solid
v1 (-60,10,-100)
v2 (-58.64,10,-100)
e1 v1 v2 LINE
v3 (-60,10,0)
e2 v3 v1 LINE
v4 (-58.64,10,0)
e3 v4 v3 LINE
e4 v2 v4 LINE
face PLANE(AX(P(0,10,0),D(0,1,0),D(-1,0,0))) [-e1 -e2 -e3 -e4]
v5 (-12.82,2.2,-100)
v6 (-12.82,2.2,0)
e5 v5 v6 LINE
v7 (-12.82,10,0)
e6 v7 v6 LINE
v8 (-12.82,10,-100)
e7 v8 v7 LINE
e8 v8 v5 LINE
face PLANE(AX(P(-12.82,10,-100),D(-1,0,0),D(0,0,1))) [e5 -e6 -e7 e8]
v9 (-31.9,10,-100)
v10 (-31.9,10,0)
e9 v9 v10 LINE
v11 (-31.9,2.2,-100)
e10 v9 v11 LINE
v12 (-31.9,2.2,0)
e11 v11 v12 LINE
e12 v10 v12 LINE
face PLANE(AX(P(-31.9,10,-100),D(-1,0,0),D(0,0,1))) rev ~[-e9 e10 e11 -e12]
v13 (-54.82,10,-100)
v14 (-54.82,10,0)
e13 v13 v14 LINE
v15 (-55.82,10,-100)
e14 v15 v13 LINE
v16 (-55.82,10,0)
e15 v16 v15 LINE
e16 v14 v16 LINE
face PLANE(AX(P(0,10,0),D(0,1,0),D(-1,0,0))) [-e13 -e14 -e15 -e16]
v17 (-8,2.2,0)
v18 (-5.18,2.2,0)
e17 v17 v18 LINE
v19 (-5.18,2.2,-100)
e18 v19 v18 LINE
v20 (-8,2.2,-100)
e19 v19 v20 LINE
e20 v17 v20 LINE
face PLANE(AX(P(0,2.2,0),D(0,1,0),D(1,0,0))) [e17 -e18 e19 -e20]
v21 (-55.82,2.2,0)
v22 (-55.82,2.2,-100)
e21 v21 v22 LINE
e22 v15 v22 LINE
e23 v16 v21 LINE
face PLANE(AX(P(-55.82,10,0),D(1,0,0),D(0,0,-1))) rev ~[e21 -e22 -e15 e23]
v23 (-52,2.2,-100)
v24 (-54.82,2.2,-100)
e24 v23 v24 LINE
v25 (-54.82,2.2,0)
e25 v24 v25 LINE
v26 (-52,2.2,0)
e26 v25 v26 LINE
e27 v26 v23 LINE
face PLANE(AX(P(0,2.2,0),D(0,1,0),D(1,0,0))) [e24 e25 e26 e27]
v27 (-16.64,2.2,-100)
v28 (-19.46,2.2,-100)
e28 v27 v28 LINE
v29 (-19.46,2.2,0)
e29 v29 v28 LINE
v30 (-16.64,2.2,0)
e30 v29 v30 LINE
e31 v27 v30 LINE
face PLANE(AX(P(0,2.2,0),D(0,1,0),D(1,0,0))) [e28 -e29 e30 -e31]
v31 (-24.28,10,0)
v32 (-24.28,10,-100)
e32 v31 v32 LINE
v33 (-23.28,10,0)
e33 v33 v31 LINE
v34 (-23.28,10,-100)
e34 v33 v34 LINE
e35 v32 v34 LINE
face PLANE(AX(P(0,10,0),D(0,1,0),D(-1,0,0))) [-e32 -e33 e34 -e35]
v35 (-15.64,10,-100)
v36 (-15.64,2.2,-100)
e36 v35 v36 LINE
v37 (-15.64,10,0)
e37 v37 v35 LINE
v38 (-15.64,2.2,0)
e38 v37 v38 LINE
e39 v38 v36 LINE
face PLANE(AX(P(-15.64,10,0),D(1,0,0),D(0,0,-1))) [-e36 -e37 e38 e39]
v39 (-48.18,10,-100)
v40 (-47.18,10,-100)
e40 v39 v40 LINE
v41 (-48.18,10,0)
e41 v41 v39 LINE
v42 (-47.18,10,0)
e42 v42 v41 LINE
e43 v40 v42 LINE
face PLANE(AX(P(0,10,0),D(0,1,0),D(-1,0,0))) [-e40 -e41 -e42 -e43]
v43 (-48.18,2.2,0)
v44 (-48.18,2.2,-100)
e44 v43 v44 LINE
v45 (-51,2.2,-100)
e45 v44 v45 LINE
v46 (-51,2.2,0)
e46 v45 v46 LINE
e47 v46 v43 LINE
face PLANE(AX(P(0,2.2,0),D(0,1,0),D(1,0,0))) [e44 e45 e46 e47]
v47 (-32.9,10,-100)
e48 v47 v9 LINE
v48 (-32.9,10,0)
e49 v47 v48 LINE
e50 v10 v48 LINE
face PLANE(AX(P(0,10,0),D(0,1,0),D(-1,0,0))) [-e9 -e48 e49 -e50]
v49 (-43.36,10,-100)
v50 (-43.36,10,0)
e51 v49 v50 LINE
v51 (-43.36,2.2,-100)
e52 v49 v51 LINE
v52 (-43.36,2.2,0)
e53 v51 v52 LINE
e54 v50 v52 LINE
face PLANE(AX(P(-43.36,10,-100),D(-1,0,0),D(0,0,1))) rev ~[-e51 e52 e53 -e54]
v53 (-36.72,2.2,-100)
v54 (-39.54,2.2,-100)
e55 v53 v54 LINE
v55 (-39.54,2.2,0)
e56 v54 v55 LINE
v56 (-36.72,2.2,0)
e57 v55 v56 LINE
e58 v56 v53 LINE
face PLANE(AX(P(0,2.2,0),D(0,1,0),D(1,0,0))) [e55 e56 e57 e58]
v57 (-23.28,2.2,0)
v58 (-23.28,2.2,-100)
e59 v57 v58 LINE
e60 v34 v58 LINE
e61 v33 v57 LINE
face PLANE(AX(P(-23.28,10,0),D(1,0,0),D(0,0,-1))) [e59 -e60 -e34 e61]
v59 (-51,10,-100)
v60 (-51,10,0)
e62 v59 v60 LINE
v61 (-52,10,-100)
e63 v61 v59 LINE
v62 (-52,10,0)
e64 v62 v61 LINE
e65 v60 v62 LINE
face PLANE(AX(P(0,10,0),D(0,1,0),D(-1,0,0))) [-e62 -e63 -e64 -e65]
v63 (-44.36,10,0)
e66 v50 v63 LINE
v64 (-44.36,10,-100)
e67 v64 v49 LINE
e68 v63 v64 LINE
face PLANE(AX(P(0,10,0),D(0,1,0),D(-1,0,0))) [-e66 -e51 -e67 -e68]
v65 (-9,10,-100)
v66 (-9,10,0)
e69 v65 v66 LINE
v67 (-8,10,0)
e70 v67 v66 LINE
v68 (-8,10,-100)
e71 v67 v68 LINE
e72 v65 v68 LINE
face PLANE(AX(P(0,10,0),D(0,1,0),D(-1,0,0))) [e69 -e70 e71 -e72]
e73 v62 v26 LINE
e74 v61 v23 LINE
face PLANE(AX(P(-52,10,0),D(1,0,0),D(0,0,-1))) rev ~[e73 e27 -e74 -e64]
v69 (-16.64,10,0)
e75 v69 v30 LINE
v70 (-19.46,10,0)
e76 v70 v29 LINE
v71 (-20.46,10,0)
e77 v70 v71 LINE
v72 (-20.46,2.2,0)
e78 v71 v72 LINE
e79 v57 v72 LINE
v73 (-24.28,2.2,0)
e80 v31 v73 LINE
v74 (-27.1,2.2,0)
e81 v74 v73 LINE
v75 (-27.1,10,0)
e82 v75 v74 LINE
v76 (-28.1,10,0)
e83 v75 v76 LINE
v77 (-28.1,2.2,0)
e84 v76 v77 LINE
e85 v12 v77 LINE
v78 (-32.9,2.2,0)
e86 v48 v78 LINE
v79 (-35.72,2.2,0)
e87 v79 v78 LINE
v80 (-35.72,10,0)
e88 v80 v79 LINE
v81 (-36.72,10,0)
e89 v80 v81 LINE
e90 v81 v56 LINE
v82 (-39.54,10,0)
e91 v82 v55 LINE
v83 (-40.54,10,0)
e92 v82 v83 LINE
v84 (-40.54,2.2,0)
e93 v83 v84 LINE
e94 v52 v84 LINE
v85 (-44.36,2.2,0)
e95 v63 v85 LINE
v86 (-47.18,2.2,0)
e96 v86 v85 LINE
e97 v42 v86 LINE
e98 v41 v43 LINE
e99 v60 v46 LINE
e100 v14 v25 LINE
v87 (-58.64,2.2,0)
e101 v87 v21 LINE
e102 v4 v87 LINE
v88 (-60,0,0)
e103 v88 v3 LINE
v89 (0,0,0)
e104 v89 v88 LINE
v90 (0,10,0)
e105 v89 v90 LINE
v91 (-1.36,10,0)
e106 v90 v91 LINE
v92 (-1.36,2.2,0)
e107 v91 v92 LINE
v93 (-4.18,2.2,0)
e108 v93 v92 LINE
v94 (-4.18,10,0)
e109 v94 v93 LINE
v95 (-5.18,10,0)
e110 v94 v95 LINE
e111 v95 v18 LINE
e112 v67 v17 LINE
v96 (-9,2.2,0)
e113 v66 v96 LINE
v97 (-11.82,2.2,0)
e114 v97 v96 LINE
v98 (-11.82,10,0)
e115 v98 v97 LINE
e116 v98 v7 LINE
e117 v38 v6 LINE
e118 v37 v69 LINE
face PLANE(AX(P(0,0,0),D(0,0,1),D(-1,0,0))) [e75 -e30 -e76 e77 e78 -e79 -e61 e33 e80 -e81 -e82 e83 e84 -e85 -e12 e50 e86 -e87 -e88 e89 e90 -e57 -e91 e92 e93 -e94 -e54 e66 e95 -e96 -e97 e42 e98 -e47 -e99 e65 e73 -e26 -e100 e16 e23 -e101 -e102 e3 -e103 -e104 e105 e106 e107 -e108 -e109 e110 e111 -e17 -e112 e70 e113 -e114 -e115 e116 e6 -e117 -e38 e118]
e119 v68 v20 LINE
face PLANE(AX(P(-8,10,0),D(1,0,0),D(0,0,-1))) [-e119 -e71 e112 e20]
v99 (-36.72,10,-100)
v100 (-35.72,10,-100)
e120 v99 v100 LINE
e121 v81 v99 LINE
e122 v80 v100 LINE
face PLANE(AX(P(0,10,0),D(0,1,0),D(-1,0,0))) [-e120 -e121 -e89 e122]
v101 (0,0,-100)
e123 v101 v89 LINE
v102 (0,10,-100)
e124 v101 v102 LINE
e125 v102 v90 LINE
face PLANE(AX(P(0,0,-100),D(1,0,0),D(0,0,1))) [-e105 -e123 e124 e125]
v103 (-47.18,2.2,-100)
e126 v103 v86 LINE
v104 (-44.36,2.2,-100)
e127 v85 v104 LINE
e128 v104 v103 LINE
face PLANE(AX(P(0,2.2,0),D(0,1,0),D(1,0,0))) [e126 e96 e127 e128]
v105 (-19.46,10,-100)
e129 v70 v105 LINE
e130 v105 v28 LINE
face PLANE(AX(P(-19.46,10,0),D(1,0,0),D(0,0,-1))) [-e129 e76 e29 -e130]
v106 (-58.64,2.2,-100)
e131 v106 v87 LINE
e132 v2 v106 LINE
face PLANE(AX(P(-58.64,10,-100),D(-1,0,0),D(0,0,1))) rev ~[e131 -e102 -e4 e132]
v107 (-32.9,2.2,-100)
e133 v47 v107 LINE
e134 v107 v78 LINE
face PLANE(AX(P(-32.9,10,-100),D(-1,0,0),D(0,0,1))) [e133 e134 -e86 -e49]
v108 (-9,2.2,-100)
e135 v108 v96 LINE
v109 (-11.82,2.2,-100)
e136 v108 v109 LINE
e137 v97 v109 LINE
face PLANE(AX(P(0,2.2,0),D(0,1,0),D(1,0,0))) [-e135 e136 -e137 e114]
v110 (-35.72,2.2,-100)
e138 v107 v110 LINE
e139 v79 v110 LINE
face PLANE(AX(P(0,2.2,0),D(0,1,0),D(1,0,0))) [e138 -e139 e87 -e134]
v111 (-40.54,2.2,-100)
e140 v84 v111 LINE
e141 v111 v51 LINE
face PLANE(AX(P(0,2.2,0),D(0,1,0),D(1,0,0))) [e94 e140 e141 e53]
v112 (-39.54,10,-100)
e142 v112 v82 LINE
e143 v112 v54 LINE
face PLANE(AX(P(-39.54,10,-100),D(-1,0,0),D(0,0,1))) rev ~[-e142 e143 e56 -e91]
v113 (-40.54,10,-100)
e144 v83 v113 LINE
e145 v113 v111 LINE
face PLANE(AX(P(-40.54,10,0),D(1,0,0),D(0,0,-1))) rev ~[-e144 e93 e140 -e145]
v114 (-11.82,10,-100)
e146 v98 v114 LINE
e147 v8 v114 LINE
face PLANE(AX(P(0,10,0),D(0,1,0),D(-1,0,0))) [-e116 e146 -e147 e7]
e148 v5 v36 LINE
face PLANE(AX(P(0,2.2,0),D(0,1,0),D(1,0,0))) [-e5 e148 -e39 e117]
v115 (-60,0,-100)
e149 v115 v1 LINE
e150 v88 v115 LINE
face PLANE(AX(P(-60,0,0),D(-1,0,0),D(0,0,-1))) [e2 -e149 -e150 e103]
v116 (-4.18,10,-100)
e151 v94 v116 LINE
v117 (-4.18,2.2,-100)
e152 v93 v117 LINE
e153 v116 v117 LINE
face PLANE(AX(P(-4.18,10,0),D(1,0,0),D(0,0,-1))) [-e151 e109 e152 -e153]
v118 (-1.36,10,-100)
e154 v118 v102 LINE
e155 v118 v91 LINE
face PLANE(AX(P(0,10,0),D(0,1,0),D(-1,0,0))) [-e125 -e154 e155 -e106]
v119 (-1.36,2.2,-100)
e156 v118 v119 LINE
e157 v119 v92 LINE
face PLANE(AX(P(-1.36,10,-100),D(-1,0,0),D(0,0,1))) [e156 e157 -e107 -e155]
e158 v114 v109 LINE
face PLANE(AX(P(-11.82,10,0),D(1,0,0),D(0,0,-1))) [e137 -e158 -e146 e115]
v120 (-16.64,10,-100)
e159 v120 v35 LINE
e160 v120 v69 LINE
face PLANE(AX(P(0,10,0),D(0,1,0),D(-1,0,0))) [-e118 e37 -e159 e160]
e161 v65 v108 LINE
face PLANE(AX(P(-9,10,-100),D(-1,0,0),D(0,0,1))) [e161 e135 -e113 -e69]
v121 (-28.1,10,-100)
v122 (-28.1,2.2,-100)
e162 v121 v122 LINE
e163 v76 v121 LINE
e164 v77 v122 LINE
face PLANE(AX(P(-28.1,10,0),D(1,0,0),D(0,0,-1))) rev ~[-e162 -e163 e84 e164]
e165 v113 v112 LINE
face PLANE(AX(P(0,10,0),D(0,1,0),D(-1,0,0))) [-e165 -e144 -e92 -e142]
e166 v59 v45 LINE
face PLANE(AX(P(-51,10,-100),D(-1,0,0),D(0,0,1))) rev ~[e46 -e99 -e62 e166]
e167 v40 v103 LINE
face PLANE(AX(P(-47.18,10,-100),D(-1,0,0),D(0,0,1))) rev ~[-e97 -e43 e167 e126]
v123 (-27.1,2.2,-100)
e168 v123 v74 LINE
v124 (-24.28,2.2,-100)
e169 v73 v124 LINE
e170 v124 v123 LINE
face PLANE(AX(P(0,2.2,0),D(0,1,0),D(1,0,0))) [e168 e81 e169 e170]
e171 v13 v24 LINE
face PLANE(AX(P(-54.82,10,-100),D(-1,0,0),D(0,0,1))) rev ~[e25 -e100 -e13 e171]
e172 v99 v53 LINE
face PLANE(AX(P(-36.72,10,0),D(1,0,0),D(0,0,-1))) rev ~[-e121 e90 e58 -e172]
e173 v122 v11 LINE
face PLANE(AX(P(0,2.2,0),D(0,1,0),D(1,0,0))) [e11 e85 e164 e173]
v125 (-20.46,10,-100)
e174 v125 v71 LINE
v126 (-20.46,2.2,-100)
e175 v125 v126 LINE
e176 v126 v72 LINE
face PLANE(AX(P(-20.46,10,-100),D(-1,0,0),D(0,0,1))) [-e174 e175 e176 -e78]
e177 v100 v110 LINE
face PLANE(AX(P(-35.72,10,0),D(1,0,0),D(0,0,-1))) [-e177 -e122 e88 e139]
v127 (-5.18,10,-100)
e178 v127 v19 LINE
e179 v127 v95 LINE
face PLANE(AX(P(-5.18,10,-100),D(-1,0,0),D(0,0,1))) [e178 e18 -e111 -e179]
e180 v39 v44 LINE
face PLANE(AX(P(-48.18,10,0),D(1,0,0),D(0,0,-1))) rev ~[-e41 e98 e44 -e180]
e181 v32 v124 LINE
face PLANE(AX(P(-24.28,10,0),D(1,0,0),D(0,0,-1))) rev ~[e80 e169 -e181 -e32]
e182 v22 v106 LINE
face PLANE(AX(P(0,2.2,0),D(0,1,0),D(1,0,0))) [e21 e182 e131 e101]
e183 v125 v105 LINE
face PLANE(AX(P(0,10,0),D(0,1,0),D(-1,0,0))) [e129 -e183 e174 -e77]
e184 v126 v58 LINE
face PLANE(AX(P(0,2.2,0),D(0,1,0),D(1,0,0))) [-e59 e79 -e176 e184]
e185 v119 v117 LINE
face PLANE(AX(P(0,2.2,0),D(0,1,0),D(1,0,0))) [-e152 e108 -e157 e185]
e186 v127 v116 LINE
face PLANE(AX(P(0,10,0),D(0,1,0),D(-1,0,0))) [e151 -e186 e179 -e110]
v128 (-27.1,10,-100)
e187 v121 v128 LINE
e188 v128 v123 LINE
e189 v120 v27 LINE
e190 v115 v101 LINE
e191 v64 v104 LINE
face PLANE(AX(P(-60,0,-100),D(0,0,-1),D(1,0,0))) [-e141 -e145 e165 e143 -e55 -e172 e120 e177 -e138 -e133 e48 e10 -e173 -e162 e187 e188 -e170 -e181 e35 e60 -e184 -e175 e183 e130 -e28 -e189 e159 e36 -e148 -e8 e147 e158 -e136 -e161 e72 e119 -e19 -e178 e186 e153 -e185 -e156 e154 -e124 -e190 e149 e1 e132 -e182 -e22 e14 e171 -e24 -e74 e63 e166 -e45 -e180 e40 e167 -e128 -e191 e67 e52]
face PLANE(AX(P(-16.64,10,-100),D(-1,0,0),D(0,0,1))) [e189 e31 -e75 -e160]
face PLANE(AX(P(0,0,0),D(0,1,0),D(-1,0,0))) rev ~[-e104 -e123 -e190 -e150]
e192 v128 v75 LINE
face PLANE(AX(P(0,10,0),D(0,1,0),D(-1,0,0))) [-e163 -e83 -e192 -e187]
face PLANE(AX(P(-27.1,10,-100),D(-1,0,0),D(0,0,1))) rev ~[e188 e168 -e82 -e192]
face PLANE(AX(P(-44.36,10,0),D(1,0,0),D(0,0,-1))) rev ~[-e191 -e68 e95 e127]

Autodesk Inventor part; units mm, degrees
ref_plane "YZ Plane" through (0, 0, 0) normal (1, 0, 0) x (0, 1, 0)
ref_plane "XZ Plane" through (0, 0, 0) normal (0, 1, 0) x (-1, 0, 0)
ref_plane "XY Plane" through (0, 0, 0) normal (0, 0, 1) x (1, 0, 0)
sketch "Sketch1" plane through (0, 0, 0) normal (0, 1, 0) x (-1, 0, 0)
  line L0 (0, 0) -> (60, 0)
  line L1 (60, 0) -> (60, -100)
  line L2 (60, -100) -> (0, -100)
  line L3 (0, -100) -> (0, 0)
  dimension "d0" = 60
  dimension "d1" = 100
extrude "Extrusion1" add sketch "Sketch1" along normal blind 10
sketch "Sketch2" plane through (0, 10, 0) normal (0, 1, 0) x (1, 0, 0)
  line L0 (-60, 0) -> (0, 0) projected
  line L1 (-30, 0) -> (-30, 100)
  line L2 (0, 100) -> (-60, 100) projected
  line L3 (-31.9, 0) -> (-28.1, 0)
  line L4 (-28.1, 0) -> (-28.1, 100)
  line L5 (-28.1, 100) -> (-31.9, 100)
  line L6 (-31.9, 100) -> (-31.9, 0)
  line L7 (-31.9, 0) -> (-28.1, 100) construction
  line L8 (-28.1, 0) -> (-31.9, 100) construction
  line L9 (-32.9, 0) -> (-35.72, 0)
  line L10 (-35.72, 0) -> (-35.72, 100)
  line L11 (-35.72, 100) -> (-32.9, 100)
  line L12 (-32.9, 100) -> (-32.9, 0)
  line L13 (-32.9, 0) -> (-35.72, 100) construction
  line L14 (-35.72, 0) -> (-32.9, 100) construction
  line L15 (-39.54, 0) -> (-36.72, 0)
  line L16 (-36.72, 0) -> (-36.72, 100)
  line L17 (-36.72, 100) -> (-39.54, 100)
  line L18 (-39.54, 100) -> (-39.54, 0)
  line L19 (-39.54, 0) -> (-36.72, 100) construction
  line L20 (-36.72, 0) -> (-39.54, 100) construction
  line L21 (-43.36, 0) -> (-40.54, 0)
  line L22 (-40.54, 0) -> (-40.54, 100)
  line L23 (-40.54, 100) -> (-43.36, 100)
  line L24 (-43.36, 100) -> (-43.36, 0)
  line L25 (-43.36, 0) -> (-40.54, 100) construction
  line L26 (-40.54, 0) -> (-43.36, 100) construction
  line L27 (-47.18, 0) -> (-44.36, 0)
  line L28 (-44.36, 0) -> (-44.36, 100)
  line L29 (-44.36, 100) -> (-47.18, 100)
  line L30 (-47.18, 100) -> (-47.18, 0)
  line L31 (-47.18, 0) -> (-44.36, 100) construction
  line L32 (-44.36, 0) -> (-47.18, 100) construction
  line L33 (-51, 0) -> (-48.18, 0)
  line L34 (-48.18, 0) -> (-48.18, 100)
  line L35 (-48.18, 100) -> (-51, 100)
  line L36 (-51, 100) -> (-51, 0)
  line L37 (-51, 0) -> (-48.18, 100) construction
  line L38 (-48.18, 0) -> (-51, 100) construction
  line L39 (-54.82, 0) -> (-52, 0)
  line L40 (-52, 0) -> (-52, 100)
  line L41 (-52, 100) -> (-54.82, 100)
  line L42 (-54.82, 100) -> (-54.82, 0)
  line L43 (-54.82, 0) -> (-52, 100) construction
  line L44 (-52, 0) -> (-54.82, 100) construction
  line L45 (-58.64, 0) -> (-55.82, 0)
  line L46 (-55.82, 0) -> (-55.82, 100)
  line L47 (-55.82, 100) -> (-58.64, 100)
  line L48 (-58.64, 100) -> (-58.64, 0)
  line L49 (-58.64, 0) -> (-55.82, 100) construction
  line L50 (-55.82, 0) -> (-58.64, 100) construction
  line L51 (-31.9, 0) -> (-31.9, 100)
  line L52 (-28.1, 100) -> (-28.1, 0)
  line L53 (-28.1, 0) -> (-31.9, 100) construction
  line L54 (-31.9, 0) -> (-28.1, 100) construction
  line L55 (-24.28, 0) -> (-24.28, 100)
  line L56 (-27.1, 100) -> (-27.1, 0)
  line L57 (-27.1, 0) -> (-24.28, 100) construction
  line L58 (-24.28, 0) -> (-27.1, 100) construction
  line L59 (-23.28, 0) -> (-23.28, 100)
  line L60 (-20.46, 100) -> (-20.46, 0)
  line L61 (-20.46, 0) -> (-23.28, 100) construction
  line L62 (-23.28, 0) -> (-20.46, 100) construction
  line L63 (-19.46, 0) -> (-19.46, 100)
  line L64 (-16.64, 100) -> (-16.64, 0)
  line L65 (-16.64, 0) -> (-19.46, 100) construction
  line L66 (-19.46, 0) -> (-16.64, 100) construction
  line L67 (-15.64, 0) -> (-15.64, 100)
  line L68 (-12.82, 100) -> (-12.82, 0)
  line L69 (-12.82, 0) -> (-15.64, 100) construction
  line L70 (-15.64, 0) -> (-12.82, 100) construction
  line L71 (-11.82, 0) -> (-11.82, 100)
  line L72 (-9, 100) -> (-9, 0)
  line L73 (-9, 0) -> (-11.82, 100) construction
  line L74 (-11.82, 0) -> (-9, 100) construction
  line L75 (-8, 0) -> (-8, 100)
  line L76 (-5.18, 100) -> (-5.18, 0)
  line L77 (-5.18, 0) -> (-8, 100) construction
  line L78 (-8, 0) -> (-5.18, 100) construction
  line L79 (-4.18, 0) -> (-4.18, 100)
  line L80 (-1.36, 100) -> (-1.36, 0)
  line L81 (-1.36, 0) -> (-4.18, 100) construction
  line L82 (-4.18, 0) -> (-1.36, 100) construction
  line L83 (-60, 100) -> (-60, 0) projected
  point P0 (-30, 50)
  point P1 (-34.31, 50)
  point P2 (-38.13, 50)
  point P3 (-41.95, 50)
  point P4 (-45.77, 50)
  point P5 (-49.59, 50)
  point P6 (-53.41, 50)
  point P7 (-57.23, 50)
  point P8 (-25.69, 50)
  point P9 (-21.87, 50)
  point P10 (-18.05, 50)
  point P11 (-14.23, 50)
  point P12 (-10.41, 50)
  point P13 (-6.59, 50)
  point P14 (-2.77, 50)
  point P15 (-1.36, 0)
  point P16 (-1.36, 100)
  point P17 (-4.18, 100)
  point P18 (-4.18, 0)
  point P19 (-5.18, 0)
  point P20 (-5.18, 100)
  point P21 (-8, 100)
  point P22 (-8, 0)
  point P23 (-9, 0)
  point P24 (-9, 100)
  point P25 (-11.82, 100)
  point P26 (-11.82, 0)
  point P27 (-12.82, 0)
  point P28 (-12.82, 100)
  point P29 (-15.64, 100)
  point P30 (-15.64, 0)
  point P31 (-16.64, 0)
  point P32 (-16.64, 100)
  point P33 (-19.46, 100)
  point P34 (-19.46, 0)
  point P35 (-23.28, 0)
  point P36 (-20.46, 0)
  point P37 (-27.1, 0)
  point P38 (-24.28, 0)
  point P39 (-31.9, 0)
  point P40 (-28.1, 0)
  point P41 (-32.9, 0)
  point P42 (-35.72, 0)
  point P43 (-39.54, 0)
  point P44 (-36.72, 0)
  point P45 (-43.36, 0)
  point P46 (-40.54, 0)
  point P47 (-47.18, 0)
  point P48 (-44.36, 0)
  point P49 (-51, 0)
  point P50 (-48.18, 0)
  point P51 (-54.82, 100)
  point P52 (-54.82, 0)
  point P53 (-52, 0)
  point P54 (-52, 100)
  point P55 (-58.64, 100)
  point P56 (-58.64, 0)
  point P57 (-55.82, 0)
  point P58 (-55.82, 100)
  dimension "d4" = 3.8
  dimension "d5" = 100
  dimension "d6" = 2.82
  dimension "d7" = 1
  dimension "d8" = 100
  dimension "d9" = 2.82
  dimension "d10" = 1
  dimension "d11" = 2.82
  dimension "d12" = 1
  dimension "d13" = 2.82
  dimension "d14" = 100
  dimension "d15" = 1
  dimension "d16" = 2.82
  dimension "d17" = 100
  dimension "d18" = 1
  dimension "d19" = 2.82
  dimension "d20" = 100
  dimension "d21" = 1
  dimension "d22" = 2.82
  dimension "d23" = 100
  dimension "d24" = 1
  dimension "d27" = 1.36
  dimension "d28" = 0
  dimension "d29" = 0
  dimension "d30" = 100
  dimension "d31" = 100
extrude "Extrusion2" cut sketch "Sketch2" against normal blind 7.8 contours L48 L2 L46 L0 | L42 L2 L40 L0 | L36 L2 L34 L0 | L30 L2 L28 L0 | L24 L2 L22 L0 | L18 L2 L16 L0 | L10 L2 L12 L0 | L6 L2 L1 L0 | L1 L2 L4 L0 | L56 L2 L55 L0 | L59 L2 L60 L0 | L63 L2 L64 L0 | L67 L2 L68 L0 | L71 L2 L72 L0 | L75 L2 L76 L0 | L79 L2 L80 L0
properties part number "heatsink" material "Aluminum 6061"
